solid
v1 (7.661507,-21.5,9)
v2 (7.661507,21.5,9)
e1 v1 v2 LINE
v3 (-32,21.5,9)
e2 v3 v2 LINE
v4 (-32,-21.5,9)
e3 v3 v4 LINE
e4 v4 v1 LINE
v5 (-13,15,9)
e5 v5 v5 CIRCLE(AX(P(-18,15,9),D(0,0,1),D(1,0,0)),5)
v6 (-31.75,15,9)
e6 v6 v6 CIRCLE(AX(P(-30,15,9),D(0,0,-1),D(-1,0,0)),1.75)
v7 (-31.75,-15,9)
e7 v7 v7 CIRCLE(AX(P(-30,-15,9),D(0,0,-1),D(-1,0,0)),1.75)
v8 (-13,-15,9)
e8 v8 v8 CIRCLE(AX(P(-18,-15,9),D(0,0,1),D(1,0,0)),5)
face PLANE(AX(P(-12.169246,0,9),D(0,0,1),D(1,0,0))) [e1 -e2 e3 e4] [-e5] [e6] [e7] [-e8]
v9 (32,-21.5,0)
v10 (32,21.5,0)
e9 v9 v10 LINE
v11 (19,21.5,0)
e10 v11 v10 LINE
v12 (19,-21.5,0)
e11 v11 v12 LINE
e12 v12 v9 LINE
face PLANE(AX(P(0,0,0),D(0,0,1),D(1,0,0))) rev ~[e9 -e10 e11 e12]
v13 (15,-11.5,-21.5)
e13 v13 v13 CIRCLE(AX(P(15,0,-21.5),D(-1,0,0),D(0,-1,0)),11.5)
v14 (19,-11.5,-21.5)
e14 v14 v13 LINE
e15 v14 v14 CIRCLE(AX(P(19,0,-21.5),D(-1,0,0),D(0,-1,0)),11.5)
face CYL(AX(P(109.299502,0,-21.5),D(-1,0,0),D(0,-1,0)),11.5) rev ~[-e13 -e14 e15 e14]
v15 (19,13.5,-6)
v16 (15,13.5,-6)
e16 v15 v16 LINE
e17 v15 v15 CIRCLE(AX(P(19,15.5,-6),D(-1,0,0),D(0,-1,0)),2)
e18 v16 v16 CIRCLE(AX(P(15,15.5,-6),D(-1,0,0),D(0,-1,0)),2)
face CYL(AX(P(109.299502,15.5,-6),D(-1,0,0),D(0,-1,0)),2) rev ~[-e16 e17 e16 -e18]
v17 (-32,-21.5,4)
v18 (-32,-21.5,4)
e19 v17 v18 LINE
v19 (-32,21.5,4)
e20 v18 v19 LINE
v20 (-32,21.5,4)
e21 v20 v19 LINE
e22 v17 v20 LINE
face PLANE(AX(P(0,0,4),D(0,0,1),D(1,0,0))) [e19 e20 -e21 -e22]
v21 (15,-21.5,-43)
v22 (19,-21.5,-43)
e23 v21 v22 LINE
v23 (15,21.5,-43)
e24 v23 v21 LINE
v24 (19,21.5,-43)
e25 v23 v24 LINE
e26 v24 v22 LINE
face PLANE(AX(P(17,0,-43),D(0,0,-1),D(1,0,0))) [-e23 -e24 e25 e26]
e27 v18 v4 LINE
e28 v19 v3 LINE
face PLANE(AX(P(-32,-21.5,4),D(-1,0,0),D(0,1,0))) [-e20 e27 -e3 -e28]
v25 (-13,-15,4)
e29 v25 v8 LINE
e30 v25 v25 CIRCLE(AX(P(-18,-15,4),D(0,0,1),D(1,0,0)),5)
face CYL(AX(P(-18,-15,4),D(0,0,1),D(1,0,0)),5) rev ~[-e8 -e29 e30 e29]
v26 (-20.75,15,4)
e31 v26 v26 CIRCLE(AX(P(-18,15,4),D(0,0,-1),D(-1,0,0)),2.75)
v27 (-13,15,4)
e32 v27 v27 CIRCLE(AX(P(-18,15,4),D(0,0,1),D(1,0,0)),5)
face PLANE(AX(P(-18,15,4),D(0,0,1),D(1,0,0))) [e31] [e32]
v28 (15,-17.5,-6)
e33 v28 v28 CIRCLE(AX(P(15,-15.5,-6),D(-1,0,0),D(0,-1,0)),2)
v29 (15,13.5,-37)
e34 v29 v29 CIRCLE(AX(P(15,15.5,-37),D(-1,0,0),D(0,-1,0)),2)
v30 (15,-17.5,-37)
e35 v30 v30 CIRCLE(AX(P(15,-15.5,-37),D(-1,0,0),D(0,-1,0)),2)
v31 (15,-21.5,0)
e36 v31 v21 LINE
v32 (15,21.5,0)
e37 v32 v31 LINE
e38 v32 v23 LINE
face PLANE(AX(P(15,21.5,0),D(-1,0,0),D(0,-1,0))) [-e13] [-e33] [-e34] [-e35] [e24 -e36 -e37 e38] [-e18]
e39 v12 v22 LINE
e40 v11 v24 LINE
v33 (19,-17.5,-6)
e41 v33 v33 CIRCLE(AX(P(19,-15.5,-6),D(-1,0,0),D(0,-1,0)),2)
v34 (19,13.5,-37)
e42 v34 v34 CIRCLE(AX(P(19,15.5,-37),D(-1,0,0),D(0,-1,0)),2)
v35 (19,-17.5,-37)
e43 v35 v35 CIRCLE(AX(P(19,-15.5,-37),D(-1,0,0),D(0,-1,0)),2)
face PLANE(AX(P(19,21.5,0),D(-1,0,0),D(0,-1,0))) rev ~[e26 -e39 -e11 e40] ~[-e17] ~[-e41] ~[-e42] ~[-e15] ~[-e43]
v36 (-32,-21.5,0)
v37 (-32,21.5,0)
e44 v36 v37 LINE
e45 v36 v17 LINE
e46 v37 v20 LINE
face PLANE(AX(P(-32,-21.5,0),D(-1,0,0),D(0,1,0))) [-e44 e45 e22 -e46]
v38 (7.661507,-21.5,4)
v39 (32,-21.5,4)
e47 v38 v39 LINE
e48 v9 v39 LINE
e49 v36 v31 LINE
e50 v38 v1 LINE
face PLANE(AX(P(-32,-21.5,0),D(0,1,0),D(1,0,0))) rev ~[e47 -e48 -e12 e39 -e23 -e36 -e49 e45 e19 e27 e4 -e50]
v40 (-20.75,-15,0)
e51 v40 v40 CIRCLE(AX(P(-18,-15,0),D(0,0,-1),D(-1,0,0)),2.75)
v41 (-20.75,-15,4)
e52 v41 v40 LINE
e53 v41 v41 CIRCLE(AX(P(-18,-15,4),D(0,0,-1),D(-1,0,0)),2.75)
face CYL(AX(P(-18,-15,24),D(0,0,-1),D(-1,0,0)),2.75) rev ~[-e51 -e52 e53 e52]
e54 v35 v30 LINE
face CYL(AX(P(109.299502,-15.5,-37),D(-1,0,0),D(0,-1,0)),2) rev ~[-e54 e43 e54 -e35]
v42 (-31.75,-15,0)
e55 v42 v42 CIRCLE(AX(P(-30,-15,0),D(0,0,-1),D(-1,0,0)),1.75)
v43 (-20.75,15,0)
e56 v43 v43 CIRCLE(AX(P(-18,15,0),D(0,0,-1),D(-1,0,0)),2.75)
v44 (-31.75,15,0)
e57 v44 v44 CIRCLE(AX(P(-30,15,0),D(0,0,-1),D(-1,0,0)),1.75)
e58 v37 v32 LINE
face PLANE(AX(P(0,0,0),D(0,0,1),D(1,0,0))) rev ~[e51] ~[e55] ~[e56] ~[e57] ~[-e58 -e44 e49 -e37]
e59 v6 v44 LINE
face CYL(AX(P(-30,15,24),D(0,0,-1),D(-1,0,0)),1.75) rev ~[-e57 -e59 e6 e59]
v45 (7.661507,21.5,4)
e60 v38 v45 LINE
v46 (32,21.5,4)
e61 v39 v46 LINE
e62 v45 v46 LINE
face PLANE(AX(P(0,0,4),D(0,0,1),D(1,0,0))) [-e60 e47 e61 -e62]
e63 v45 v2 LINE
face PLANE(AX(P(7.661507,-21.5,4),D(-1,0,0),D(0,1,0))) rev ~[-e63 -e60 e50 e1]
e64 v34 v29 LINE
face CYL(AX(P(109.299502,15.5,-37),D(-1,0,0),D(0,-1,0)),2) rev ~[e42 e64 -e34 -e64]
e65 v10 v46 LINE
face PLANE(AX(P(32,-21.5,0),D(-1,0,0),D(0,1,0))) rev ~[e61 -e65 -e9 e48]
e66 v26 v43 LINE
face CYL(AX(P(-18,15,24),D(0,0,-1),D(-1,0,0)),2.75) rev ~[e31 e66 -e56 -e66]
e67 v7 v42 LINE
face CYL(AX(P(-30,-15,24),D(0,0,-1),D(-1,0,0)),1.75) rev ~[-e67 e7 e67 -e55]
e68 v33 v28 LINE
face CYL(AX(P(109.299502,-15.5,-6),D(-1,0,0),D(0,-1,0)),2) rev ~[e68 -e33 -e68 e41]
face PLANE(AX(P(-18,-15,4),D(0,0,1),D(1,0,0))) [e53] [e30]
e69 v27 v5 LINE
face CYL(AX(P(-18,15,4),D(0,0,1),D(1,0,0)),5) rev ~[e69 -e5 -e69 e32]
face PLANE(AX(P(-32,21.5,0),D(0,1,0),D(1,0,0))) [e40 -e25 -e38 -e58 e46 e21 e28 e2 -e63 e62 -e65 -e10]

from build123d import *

# Parameters (mm, degrees)
F0_W            = 64
F0_H            = 43
F8_DEPTH        = 4
F1_W            = 4
F1_H            = 43
F2_DEPTH        = 43
F4_D            = 4
F9_D            = 23
F5_W            = 39.661507
F5_H            = 43
F10_DEPTH       = 20
F7_D            = 5.5
F7_CBORE_D      = 10
F7_CBORE_DEPTH  = 20
F11_D           = 3.5
F11_CBORE_D     = 5
F11_CBORE_DEPTH = 15
F6_W            = 39.661507
F6_H            = 43
F12_DEPTH       = 15


with BuildPart() as f8:
    # F0 (on Top) → F8 (new body)
    with BuildSketch(Plane.XY):
        Rectangle(F0_W, F0_H)
    extrude(amount=F8_DEPTH)

    # F1 (on face) → F2 (join)
    with BuildSketch(Plane(origin=(0, 0, 0), x_dir=(1, 0, 0), z_dir=(0, 0, -1))):
        with Locations((17, 0)):
            Rectangle(F1_W, F1_H)
    extrude(amount=F2_DEPTH)

    # F4 (through all)
    with Locations(Plane.YZ.offset(19)):
        with Locations((15.5, -37), (15.5, -6), (-15.5, -37), (-15.5, -6)):
            Hole(F4_D / 2)

    # F9 (through all)
    with Locations(Plane.YZ.offset(19)):
        with Locations((0, -21.5)):
            Hole(F9_D / 2)

    # F5 (on face) → F10 (join)
    with BuildSketch(Plane.XY.offset(4)):
        with Locations((-12.169246, 0)):
            Rectangle(F5_W, F5_H)
    extrude(amount=F10_DEPTH)

    # F7 (through all)
    with Locations(Plane.XY.offset(24)):
        with Locations((-18, -15), (-18, 15)):
            CounterBoreHole(F7_D / 2, F7_CBORE_D / 2, F7_CBORE_DEPTH)

    # F11 (through all)
    with Locations(Plane.XY.offset(24)):
        with Locations((-30, 15), (-30, -15)):
            CounterBoreHole(F11_D / 2, F11_CBORE_D / 2, F11_CBORE_DEPTH)

    # F6 (on face) → F12 (cut)
    with BuildSketch(Plane.XY.offset(24)):
        with Locations((-12.169246, 0)):
            Rectangle(F6_W, F6_H)
    extrude(amount=-F12_DEPTH, mode=Mode.SUBTRACT)


solid = f8.part
